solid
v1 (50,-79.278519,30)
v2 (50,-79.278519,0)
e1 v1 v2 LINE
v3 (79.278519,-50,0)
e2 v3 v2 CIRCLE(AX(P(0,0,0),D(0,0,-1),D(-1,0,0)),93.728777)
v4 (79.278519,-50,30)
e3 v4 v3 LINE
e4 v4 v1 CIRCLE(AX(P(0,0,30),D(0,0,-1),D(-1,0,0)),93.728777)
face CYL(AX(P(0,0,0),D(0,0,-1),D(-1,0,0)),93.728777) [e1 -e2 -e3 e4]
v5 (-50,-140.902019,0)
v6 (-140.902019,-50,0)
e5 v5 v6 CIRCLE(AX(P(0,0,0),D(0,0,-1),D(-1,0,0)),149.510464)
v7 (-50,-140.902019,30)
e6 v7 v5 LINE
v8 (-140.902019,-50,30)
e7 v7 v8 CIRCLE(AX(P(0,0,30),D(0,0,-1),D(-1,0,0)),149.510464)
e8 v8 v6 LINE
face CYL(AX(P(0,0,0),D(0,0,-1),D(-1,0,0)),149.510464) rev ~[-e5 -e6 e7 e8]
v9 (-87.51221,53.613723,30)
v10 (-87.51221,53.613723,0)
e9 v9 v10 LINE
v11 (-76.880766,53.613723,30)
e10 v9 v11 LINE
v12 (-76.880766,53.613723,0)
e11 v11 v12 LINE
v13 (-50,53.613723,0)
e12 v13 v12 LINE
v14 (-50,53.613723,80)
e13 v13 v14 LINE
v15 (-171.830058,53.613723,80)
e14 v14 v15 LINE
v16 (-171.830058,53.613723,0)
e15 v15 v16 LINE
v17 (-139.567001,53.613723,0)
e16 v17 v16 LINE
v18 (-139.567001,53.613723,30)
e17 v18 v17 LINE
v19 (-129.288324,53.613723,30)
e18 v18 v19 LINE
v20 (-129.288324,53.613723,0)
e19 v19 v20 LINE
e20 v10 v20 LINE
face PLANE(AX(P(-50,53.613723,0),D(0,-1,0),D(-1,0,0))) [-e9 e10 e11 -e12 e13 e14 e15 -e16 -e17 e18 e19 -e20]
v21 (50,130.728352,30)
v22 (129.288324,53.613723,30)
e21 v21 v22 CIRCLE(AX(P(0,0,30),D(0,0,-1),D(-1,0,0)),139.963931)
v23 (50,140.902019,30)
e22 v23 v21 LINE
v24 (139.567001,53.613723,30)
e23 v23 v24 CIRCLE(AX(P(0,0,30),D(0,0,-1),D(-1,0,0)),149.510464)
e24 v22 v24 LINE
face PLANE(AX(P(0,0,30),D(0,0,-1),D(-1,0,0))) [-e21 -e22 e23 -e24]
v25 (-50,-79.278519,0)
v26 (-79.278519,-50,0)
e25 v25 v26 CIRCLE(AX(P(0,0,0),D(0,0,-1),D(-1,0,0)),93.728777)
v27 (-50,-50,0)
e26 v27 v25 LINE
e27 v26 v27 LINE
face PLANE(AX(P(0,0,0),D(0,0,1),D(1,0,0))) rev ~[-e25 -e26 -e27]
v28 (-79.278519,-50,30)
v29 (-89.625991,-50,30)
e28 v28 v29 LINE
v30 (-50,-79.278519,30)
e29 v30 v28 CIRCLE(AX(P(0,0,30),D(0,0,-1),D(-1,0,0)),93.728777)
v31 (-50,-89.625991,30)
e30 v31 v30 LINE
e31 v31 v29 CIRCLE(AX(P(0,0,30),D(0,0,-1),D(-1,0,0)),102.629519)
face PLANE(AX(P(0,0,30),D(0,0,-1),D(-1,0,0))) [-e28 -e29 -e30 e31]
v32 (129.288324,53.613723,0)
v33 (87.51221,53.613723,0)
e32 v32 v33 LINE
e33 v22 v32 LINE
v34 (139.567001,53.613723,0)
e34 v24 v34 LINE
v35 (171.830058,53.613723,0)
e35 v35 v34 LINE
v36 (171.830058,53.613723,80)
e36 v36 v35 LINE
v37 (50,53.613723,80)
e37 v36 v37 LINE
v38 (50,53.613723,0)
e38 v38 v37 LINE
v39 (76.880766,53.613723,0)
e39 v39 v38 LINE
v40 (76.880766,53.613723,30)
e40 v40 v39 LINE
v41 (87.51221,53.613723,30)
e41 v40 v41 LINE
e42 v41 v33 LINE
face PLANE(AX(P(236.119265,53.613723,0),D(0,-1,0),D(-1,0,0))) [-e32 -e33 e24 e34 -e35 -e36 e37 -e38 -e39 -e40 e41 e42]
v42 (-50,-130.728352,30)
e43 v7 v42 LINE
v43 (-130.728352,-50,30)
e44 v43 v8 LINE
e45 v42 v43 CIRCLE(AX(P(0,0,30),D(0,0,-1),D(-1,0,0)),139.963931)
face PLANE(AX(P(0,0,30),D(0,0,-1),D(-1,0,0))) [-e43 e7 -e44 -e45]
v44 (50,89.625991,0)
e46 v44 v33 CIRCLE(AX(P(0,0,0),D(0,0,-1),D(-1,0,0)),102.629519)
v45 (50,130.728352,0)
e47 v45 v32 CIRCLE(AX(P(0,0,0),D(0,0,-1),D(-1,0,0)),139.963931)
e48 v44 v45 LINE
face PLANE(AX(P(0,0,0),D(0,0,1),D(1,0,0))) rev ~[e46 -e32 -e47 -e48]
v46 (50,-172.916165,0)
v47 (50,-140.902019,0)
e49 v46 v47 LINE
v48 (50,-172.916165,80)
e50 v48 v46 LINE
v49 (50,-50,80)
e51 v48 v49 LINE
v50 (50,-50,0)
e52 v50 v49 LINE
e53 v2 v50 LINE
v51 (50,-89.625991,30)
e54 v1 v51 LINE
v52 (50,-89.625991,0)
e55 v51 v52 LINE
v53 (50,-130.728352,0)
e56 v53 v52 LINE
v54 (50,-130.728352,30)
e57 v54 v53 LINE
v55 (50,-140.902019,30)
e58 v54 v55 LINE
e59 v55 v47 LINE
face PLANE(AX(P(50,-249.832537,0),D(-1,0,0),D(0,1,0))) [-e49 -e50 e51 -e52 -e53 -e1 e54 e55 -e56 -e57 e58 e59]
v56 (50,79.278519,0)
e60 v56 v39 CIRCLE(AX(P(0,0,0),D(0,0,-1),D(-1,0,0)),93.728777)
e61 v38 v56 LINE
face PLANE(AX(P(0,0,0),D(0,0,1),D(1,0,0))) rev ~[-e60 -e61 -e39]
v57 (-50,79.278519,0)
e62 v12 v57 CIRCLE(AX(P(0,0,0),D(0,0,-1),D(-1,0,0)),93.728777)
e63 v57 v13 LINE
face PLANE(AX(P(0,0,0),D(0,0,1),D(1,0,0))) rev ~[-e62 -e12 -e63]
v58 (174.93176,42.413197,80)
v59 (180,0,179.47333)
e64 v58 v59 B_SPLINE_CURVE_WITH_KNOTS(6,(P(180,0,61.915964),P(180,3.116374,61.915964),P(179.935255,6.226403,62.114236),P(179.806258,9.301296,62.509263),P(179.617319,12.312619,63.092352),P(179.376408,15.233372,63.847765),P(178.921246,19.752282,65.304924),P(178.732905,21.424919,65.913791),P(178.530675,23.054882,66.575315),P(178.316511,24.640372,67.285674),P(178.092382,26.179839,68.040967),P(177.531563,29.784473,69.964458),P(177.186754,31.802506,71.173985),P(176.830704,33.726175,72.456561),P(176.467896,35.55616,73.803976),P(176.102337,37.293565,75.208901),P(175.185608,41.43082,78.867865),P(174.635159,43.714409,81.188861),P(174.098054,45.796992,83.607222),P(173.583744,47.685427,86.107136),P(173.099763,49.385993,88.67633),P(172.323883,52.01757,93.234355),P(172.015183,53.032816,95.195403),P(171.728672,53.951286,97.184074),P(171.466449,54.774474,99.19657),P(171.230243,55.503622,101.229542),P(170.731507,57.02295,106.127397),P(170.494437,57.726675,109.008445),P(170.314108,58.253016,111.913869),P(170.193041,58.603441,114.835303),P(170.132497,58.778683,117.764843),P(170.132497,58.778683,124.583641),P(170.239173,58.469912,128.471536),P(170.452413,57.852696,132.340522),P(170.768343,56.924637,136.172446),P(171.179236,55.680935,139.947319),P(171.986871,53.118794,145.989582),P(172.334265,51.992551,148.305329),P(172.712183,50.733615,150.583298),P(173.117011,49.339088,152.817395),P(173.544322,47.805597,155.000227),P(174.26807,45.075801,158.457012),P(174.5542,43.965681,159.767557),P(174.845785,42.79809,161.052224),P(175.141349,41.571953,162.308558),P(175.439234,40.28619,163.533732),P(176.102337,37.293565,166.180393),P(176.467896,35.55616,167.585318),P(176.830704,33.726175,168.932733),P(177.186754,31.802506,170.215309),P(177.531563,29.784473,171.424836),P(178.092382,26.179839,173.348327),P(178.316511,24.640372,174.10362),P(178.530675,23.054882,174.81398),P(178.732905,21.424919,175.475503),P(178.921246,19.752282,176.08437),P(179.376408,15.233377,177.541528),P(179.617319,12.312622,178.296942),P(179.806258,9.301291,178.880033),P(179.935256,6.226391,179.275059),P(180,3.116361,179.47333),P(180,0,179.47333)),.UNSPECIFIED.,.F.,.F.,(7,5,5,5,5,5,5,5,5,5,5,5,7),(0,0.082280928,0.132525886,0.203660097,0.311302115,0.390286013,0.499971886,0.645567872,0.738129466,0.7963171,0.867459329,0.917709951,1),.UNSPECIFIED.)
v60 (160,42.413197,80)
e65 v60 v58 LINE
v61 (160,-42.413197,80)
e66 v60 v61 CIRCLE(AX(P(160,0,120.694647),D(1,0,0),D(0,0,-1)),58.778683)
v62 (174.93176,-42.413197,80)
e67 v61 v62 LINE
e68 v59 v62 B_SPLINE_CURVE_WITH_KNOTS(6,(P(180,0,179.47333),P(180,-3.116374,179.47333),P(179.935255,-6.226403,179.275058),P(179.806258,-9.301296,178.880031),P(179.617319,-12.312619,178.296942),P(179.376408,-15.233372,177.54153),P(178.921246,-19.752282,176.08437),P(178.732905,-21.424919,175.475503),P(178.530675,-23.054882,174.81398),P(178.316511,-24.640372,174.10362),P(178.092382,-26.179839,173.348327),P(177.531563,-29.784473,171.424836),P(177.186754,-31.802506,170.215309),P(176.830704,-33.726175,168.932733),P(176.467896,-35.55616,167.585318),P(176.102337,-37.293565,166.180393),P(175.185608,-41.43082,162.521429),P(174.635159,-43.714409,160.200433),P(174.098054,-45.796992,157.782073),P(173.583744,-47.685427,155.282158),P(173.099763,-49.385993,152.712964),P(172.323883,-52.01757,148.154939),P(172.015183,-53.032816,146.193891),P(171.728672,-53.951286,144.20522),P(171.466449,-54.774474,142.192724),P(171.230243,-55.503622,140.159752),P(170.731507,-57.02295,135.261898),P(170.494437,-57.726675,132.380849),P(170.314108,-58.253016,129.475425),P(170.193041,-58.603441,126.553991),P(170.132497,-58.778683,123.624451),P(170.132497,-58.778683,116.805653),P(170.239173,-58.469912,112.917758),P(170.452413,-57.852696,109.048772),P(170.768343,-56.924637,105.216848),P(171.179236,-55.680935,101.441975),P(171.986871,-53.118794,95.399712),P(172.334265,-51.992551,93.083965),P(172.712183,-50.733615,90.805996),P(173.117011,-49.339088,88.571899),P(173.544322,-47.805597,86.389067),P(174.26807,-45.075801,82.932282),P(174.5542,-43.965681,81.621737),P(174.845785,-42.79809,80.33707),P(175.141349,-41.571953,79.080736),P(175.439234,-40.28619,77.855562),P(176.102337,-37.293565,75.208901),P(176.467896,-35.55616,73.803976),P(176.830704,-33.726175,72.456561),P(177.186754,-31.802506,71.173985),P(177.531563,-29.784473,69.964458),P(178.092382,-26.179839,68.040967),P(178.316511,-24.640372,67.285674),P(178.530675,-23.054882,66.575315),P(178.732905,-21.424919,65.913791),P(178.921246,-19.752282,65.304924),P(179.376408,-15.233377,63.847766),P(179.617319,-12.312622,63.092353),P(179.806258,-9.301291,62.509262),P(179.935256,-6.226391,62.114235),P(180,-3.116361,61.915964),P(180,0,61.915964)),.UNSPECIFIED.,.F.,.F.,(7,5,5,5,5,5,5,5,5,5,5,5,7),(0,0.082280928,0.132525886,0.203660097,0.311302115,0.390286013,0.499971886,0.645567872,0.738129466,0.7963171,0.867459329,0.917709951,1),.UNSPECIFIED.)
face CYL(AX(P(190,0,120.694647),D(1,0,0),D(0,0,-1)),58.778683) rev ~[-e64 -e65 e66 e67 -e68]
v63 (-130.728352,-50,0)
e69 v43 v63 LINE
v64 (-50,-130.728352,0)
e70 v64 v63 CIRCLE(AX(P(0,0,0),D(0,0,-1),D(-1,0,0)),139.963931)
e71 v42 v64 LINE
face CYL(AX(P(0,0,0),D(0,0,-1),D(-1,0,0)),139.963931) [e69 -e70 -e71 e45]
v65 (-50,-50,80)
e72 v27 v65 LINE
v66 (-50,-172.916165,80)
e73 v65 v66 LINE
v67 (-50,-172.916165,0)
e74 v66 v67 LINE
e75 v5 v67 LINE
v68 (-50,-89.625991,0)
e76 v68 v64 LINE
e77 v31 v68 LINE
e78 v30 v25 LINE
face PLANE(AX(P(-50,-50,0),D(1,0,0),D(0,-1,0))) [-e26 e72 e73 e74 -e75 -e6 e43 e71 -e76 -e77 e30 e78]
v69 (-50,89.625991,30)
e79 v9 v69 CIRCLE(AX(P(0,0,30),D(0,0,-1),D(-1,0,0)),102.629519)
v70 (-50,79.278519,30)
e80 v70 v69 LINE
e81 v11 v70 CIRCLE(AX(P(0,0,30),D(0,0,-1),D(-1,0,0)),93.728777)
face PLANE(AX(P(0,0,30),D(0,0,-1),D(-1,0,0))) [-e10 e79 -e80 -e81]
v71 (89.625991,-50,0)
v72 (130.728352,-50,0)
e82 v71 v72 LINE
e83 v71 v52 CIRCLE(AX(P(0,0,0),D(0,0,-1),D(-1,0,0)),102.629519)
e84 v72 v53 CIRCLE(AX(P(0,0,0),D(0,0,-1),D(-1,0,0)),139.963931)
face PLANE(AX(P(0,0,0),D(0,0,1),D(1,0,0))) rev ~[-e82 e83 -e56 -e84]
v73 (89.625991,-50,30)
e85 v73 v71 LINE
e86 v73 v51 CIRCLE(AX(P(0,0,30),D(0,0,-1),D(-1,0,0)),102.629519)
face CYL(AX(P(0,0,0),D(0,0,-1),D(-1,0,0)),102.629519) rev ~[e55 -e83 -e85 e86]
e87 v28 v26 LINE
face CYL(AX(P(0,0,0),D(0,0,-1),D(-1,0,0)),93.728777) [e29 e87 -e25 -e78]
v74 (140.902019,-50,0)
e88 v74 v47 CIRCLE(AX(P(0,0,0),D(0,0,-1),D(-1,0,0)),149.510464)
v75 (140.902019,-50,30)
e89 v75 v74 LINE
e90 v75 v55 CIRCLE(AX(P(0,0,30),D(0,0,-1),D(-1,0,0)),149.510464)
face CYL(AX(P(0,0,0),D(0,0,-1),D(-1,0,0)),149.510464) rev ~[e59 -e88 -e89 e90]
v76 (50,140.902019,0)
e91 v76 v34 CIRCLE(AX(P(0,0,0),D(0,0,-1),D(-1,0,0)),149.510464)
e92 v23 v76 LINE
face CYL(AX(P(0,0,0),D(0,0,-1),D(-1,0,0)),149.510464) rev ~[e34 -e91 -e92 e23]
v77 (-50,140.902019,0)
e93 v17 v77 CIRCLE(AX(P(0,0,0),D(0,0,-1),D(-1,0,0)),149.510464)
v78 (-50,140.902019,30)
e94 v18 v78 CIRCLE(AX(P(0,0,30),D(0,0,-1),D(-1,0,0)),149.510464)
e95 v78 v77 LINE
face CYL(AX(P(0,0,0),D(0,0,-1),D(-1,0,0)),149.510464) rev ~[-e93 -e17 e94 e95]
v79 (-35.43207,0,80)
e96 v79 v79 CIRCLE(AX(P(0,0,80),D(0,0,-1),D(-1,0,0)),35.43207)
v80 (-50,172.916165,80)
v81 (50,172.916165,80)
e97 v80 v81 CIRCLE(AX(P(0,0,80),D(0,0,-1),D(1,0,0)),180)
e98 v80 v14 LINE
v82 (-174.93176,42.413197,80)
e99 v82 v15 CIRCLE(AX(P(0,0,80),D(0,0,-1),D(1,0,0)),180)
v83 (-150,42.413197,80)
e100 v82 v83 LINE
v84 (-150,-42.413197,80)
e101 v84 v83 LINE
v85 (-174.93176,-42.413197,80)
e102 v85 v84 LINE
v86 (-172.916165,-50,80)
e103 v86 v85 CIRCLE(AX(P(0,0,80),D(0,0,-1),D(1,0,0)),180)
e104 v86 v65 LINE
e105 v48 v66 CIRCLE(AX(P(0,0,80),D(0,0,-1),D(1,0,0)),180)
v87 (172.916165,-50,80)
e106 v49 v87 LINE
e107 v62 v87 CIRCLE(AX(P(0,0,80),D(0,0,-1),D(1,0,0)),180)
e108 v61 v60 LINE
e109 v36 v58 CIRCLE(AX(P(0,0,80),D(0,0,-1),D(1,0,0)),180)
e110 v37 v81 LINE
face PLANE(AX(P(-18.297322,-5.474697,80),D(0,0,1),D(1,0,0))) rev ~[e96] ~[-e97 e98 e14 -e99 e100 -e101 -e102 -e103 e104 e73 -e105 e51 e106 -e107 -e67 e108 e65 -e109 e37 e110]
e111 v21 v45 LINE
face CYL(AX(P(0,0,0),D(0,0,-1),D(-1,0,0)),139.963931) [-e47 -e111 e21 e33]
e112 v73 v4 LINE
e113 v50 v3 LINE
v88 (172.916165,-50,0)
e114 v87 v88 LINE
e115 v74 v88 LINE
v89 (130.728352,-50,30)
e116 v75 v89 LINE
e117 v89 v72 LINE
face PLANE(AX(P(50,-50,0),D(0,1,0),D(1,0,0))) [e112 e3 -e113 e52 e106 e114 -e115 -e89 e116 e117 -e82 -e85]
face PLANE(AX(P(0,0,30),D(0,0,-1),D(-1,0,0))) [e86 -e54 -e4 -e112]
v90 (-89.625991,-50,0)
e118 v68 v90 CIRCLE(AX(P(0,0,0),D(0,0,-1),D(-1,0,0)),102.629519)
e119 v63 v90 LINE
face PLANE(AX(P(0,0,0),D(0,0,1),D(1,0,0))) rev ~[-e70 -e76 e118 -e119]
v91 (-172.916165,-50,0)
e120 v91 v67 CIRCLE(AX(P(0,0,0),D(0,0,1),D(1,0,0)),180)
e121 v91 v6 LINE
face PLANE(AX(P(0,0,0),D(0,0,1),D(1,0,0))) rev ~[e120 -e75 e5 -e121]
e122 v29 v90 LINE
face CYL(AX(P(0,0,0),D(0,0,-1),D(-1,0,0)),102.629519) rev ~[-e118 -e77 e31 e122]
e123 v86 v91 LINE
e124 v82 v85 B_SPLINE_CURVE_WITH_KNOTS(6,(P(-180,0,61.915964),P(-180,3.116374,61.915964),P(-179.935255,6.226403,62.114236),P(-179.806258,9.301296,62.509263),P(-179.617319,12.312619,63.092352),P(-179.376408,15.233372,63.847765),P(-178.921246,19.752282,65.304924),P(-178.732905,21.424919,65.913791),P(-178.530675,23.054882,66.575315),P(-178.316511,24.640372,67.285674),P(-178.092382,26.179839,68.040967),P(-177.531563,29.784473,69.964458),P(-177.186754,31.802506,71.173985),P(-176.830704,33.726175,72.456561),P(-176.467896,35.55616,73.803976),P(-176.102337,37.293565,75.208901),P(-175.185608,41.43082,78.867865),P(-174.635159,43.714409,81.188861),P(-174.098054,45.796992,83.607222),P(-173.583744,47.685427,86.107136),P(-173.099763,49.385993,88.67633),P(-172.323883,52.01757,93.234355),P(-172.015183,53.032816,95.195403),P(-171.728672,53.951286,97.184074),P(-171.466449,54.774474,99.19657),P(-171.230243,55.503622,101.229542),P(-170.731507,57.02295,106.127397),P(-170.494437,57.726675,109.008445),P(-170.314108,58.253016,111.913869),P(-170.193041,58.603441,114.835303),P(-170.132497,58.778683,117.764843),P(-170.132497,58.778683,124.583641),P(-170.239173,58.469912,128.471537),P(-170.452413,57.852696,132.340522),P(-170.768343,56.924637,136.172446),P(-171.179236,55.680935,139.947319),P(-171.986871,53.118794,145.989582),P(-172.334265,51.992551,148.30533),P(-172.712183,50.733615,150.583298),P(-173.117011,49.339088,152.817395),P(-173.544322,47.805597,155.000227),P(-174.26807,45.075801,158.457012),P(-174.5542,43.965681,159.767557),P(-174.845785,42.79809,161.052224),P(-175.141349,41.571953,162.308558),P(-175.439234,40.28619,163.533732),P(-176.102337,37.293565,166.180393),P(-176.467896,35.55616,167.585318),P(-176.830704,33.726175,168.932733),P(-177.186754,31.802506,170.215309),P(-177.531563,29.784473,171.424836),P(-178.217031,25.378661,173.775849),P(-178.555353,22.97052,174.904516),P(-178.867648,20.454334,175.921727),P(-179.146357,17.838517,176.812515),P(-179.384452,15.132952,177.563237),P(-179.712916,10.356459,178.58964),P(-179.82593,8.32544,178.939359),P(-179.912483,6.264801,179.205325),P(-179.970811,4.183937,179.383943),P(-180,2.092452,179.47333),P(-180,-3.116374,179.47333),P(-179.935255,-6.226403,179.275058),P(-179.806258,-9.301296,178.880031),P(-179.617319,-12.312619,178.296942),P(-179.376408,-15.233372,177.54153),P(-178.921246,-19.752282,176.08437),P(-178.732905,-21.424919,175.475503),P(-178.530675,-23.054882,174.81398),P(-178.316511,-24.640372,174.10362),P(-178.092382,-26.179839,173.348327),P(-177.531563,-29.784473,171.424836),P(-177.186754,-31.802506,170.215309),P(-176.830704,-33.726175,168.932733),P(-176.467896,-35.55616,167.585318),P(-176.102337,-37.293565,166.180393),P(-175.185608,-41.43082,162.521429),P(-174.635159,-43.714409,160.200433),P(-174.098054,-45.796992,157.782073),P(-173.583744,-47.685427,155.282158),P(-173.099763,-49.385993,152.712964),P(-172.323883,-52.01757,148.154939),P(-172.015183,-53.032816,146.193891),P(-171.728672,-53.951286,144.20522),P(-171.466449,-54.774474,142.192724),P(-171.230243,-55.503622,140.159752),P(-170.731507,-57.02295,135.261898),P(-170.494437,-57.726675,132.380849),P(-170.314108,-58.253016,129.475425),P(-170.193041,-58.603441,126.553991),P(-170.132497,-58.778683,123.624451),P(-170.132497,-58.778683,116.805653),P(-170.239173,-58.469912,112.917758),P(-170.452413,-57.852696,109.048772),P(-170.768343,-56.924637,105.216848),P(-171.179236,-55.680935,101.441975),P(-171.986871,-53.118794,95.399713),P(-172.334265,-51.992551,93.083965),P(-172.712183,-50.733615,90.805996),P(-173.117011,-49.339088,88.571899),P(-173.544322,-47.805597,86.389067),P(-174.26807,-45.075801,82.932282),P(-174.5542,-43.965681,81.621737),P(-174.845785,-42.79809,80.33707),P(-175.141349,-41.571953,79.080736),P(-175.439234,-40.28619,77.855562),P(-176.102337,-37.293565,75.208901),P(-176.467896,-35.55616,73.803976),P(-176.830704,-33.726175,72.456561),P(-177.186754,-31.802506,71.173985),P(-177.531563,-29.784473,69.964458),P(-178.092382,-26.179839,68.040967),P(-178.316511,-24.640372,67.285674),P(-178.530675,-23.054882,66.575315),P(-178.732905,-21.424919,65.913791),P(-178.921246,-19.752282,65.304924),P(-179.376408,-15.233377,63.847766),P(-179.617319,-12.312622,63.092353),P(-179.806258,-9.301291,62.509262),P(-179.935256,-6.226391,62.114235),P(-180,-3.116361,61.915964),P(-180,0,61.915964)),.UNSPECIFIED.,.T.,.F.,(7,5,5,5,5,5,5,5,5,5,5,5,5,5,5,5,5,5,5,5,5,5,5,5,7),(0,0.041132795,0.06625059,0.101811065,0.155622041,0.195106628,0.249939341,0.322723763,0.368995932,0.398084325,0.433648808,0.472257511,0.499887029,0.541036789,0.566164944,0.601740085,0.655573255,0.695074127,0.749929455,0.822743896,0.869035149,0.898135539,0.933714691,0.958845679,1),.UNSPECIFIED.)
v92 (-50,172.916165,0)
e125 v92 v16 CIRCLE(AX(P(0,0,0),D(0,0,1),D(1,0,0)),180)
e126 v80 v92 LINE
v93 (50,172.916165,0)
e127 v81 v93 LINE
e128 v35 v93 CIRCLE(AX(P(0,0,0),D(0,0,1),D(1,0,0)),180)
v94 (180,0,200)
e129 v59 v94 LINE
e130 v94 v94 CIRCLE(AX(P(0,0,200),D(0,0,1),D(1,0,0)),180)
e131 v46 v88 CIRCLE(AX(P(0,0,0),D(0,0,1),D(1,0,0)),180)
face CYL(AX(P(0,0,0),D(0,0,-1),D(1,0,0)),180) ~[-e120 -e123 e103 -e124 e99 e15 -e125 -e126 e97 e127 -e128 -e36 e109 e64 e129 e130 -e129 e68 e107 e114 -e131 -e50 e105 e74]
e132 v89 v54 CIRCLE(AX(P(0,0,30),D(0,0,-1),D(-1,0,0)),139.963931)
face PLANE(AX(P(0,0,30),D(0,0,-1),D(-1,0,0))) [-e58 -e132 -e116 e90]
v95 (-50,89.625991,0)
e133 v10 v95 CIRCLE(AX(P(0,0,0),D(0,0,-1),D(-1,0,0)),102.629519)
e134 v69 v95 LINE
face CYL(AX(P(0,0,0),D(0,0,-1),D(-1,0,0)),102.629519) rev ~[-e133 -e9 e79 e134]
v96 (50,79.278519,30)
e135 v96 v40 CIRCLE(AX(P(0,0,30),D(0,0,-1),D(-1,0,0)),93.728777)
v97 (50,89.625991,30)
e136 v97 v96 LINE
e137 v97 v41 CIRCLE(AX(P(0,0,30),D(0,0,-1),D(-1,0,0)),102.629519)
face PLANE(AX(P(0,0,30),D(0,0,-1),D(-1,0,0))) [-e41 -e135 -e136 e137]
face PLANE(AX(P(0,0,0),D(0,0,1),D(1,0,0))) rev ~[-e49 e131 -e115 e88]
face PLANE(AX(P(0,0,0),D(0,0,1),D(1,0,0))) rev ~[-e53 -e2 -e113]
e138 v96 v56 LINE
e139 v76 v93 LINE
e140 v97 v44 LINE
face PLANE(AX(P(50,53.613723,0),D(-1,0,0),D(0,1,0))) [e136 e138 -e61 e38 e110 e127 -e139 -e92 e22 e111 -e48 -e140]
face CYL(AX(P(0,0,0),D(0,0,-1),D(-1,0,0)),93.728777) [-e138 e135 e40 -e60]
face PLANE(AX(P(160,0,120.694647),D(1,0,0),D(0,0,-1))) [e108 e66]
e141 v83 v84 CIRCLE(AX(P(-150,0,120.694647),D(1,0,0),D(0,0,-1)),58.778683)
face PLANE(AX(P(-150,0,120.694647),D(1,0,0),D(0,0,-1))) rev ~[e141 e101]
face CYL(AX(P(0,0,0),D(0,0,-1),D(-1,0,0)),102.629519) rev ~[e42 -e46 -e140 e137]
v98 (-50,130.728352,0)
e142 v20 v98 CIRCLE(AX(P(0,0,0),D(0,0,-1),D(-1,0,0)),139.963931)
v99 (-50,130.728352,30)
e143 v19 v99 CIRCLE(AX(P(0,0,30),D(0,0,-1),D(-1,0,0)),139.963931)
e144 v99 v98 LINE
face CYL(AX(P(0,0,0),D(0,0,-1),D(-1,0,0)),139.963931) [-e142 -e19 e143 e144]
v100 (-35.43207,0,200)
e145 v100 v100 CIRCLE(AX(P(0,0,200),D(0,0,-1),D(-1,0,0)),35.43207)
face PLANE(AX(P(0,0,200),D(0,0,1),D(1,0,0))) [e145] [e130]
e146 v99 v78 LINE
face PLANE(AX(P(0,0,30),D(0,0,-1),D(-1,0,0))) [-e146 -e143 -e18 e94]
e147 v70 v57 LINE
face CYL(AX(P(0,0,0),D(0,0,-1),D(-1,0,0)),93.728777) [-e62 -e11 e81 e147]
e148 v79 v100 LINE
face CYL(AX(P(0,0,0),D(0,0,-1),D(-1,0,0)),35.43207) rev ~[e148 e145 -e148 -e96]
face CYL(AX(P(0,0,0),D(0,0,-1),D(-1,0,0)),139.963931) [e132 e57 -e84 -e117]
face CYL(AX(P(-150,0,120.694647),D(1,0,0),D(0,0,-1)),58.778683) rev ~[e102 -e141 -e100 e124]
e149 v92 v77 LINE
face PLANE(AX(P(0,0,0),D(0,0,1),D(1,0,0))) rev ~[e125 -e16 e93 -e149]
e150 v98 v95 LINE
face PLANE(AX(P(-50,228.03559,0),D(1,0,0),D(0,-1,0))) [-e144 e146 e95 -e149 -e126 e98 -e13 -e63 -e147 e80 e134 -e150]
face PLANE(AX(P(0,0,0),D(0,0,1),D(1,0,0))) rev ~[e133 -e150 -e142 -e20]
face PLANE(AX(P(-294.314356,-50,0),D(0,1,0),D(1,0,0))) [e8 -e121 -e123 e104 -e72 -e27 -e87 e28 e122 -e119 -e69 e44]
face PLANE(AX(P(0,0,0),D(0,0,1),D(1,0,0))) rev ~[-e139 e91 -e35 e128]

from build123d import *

# Parameters (mm, degrees)
SKETCH1_R           = 180
BOSS_EXTRUDE1_DEPTH = 200
CUT_EXTRUDE1_DEPTH  = 80
SKETCH6_R           = 35.432069659
CUT_EXTRUDE4_DEPTH  = 201
SKETCH7_R           = 149.510464434
SKETCH7_R_2         = 139.963931463
SKETCH7_R_3         = 102.629519035
SKETCH7_R_4         = 93.728776548
CUT_EXTRUDE6_DEPTH  = 30
CUT_EXTRUDE7_START  = 190
SKETCH8_R           = 58.778682825
CUT_EXTRUDE7_DEPTH  = 30
CUT_EXTRUDE8_START  = -150
SKETCH9_R           = 58.778682825
CUT_EXTRUDE8_DEPTH  = 236


with BuildPart() as part:
    # Sketch1 → Boss-Extrude1 (new body)
    with BuildSketch(Plane.XY):
        Circle(SKETCH1_R)
    extrude(amount=BOSS_EXTRUDE1_DEPTH)

    # Sketch2 → Cut-Extrude1 (cut)
    with BuildSketch(Plane(origin=(0, 0, 0), x_dir=(-1, 0, 0), z_dir=(0, 0, -1))):
        Polygon((50, -50), (50, -249.832537204), (-50, -249.832537204), (-50, -50), (-236.119265231, -50), (-236.119265231, 53.613723388), (-50, 53.613723388), (-50, 228.035589712), (50, 228.035589712), (50, 53.613723388), (294.314355645, 53.613723388), (294.314355645, -50), align=None)
    extrude(amount=-CUT_EXTRUDE1_DEPTH, mode=Mode.SUBTRACT)

    # Sketch6 → Cut-Extrude4 (cut, through all)
    with BuildSketch(Plane(origin=(0, 0, 0), x_dir=(-1, 0, 0), z_dir=(0, 0, -1))):
        Circle(SKETCH6_R)
    extrude(amount=-CUT_EXTRUDE4_DEPTH, mode=Mode.SUBTRACT)

    # Sketch7 → Cut-Extrude6 (cut)
    with BuildSketch(Plane(origin=(0, 0, 0), x_dir=(-1, 0, 0), z_dir=(0, 0, -1))):
        Circle(SKETCH7_R)
        Circle(SKETCH7_R_2, mode=Mode.SUBTRACT)
        Circle(SKETCH7_R_3)
        Circle(SKETCH7_R_4, mode=Mode.SUBTRACT)
    extrude(amount=-CUT_EXTRUDE6_DEPTH, mode=Mode.SUBTRACT)

    # Sketch8 → Cut-Extrude7 (cut)
    with BuildSketch(Plane(origin=(0, 0, 0), x_dir=(0, 0, -1), z_dir=(1, 0, 0)).offset(CUT_EXTRUDE7_START)):
        with Locations((-120.694647065, 0)):
            Circle(SKETCH8_R)
    extrude(amount=-CUT_EXTRUDE7_DEPTH, mode=Mode.SUBTRACT)

    # Sketch9 → Cut-Extrude8 (cut)
    with BuildSketch(Plane(origin=(0, 0, 0), x_dir=(0, 0, -1), z_dir=(1, 0, 0)).offset(CUT_EXTRUDE8_START)):
        with Locations((-120.694647065, 0)):
            Circle(SKETCH9_R)
    extrude(amount=-CUT_EXTRUDE8_DEPTH, mode=Mode.SUBTRACT)


solid = part.part
